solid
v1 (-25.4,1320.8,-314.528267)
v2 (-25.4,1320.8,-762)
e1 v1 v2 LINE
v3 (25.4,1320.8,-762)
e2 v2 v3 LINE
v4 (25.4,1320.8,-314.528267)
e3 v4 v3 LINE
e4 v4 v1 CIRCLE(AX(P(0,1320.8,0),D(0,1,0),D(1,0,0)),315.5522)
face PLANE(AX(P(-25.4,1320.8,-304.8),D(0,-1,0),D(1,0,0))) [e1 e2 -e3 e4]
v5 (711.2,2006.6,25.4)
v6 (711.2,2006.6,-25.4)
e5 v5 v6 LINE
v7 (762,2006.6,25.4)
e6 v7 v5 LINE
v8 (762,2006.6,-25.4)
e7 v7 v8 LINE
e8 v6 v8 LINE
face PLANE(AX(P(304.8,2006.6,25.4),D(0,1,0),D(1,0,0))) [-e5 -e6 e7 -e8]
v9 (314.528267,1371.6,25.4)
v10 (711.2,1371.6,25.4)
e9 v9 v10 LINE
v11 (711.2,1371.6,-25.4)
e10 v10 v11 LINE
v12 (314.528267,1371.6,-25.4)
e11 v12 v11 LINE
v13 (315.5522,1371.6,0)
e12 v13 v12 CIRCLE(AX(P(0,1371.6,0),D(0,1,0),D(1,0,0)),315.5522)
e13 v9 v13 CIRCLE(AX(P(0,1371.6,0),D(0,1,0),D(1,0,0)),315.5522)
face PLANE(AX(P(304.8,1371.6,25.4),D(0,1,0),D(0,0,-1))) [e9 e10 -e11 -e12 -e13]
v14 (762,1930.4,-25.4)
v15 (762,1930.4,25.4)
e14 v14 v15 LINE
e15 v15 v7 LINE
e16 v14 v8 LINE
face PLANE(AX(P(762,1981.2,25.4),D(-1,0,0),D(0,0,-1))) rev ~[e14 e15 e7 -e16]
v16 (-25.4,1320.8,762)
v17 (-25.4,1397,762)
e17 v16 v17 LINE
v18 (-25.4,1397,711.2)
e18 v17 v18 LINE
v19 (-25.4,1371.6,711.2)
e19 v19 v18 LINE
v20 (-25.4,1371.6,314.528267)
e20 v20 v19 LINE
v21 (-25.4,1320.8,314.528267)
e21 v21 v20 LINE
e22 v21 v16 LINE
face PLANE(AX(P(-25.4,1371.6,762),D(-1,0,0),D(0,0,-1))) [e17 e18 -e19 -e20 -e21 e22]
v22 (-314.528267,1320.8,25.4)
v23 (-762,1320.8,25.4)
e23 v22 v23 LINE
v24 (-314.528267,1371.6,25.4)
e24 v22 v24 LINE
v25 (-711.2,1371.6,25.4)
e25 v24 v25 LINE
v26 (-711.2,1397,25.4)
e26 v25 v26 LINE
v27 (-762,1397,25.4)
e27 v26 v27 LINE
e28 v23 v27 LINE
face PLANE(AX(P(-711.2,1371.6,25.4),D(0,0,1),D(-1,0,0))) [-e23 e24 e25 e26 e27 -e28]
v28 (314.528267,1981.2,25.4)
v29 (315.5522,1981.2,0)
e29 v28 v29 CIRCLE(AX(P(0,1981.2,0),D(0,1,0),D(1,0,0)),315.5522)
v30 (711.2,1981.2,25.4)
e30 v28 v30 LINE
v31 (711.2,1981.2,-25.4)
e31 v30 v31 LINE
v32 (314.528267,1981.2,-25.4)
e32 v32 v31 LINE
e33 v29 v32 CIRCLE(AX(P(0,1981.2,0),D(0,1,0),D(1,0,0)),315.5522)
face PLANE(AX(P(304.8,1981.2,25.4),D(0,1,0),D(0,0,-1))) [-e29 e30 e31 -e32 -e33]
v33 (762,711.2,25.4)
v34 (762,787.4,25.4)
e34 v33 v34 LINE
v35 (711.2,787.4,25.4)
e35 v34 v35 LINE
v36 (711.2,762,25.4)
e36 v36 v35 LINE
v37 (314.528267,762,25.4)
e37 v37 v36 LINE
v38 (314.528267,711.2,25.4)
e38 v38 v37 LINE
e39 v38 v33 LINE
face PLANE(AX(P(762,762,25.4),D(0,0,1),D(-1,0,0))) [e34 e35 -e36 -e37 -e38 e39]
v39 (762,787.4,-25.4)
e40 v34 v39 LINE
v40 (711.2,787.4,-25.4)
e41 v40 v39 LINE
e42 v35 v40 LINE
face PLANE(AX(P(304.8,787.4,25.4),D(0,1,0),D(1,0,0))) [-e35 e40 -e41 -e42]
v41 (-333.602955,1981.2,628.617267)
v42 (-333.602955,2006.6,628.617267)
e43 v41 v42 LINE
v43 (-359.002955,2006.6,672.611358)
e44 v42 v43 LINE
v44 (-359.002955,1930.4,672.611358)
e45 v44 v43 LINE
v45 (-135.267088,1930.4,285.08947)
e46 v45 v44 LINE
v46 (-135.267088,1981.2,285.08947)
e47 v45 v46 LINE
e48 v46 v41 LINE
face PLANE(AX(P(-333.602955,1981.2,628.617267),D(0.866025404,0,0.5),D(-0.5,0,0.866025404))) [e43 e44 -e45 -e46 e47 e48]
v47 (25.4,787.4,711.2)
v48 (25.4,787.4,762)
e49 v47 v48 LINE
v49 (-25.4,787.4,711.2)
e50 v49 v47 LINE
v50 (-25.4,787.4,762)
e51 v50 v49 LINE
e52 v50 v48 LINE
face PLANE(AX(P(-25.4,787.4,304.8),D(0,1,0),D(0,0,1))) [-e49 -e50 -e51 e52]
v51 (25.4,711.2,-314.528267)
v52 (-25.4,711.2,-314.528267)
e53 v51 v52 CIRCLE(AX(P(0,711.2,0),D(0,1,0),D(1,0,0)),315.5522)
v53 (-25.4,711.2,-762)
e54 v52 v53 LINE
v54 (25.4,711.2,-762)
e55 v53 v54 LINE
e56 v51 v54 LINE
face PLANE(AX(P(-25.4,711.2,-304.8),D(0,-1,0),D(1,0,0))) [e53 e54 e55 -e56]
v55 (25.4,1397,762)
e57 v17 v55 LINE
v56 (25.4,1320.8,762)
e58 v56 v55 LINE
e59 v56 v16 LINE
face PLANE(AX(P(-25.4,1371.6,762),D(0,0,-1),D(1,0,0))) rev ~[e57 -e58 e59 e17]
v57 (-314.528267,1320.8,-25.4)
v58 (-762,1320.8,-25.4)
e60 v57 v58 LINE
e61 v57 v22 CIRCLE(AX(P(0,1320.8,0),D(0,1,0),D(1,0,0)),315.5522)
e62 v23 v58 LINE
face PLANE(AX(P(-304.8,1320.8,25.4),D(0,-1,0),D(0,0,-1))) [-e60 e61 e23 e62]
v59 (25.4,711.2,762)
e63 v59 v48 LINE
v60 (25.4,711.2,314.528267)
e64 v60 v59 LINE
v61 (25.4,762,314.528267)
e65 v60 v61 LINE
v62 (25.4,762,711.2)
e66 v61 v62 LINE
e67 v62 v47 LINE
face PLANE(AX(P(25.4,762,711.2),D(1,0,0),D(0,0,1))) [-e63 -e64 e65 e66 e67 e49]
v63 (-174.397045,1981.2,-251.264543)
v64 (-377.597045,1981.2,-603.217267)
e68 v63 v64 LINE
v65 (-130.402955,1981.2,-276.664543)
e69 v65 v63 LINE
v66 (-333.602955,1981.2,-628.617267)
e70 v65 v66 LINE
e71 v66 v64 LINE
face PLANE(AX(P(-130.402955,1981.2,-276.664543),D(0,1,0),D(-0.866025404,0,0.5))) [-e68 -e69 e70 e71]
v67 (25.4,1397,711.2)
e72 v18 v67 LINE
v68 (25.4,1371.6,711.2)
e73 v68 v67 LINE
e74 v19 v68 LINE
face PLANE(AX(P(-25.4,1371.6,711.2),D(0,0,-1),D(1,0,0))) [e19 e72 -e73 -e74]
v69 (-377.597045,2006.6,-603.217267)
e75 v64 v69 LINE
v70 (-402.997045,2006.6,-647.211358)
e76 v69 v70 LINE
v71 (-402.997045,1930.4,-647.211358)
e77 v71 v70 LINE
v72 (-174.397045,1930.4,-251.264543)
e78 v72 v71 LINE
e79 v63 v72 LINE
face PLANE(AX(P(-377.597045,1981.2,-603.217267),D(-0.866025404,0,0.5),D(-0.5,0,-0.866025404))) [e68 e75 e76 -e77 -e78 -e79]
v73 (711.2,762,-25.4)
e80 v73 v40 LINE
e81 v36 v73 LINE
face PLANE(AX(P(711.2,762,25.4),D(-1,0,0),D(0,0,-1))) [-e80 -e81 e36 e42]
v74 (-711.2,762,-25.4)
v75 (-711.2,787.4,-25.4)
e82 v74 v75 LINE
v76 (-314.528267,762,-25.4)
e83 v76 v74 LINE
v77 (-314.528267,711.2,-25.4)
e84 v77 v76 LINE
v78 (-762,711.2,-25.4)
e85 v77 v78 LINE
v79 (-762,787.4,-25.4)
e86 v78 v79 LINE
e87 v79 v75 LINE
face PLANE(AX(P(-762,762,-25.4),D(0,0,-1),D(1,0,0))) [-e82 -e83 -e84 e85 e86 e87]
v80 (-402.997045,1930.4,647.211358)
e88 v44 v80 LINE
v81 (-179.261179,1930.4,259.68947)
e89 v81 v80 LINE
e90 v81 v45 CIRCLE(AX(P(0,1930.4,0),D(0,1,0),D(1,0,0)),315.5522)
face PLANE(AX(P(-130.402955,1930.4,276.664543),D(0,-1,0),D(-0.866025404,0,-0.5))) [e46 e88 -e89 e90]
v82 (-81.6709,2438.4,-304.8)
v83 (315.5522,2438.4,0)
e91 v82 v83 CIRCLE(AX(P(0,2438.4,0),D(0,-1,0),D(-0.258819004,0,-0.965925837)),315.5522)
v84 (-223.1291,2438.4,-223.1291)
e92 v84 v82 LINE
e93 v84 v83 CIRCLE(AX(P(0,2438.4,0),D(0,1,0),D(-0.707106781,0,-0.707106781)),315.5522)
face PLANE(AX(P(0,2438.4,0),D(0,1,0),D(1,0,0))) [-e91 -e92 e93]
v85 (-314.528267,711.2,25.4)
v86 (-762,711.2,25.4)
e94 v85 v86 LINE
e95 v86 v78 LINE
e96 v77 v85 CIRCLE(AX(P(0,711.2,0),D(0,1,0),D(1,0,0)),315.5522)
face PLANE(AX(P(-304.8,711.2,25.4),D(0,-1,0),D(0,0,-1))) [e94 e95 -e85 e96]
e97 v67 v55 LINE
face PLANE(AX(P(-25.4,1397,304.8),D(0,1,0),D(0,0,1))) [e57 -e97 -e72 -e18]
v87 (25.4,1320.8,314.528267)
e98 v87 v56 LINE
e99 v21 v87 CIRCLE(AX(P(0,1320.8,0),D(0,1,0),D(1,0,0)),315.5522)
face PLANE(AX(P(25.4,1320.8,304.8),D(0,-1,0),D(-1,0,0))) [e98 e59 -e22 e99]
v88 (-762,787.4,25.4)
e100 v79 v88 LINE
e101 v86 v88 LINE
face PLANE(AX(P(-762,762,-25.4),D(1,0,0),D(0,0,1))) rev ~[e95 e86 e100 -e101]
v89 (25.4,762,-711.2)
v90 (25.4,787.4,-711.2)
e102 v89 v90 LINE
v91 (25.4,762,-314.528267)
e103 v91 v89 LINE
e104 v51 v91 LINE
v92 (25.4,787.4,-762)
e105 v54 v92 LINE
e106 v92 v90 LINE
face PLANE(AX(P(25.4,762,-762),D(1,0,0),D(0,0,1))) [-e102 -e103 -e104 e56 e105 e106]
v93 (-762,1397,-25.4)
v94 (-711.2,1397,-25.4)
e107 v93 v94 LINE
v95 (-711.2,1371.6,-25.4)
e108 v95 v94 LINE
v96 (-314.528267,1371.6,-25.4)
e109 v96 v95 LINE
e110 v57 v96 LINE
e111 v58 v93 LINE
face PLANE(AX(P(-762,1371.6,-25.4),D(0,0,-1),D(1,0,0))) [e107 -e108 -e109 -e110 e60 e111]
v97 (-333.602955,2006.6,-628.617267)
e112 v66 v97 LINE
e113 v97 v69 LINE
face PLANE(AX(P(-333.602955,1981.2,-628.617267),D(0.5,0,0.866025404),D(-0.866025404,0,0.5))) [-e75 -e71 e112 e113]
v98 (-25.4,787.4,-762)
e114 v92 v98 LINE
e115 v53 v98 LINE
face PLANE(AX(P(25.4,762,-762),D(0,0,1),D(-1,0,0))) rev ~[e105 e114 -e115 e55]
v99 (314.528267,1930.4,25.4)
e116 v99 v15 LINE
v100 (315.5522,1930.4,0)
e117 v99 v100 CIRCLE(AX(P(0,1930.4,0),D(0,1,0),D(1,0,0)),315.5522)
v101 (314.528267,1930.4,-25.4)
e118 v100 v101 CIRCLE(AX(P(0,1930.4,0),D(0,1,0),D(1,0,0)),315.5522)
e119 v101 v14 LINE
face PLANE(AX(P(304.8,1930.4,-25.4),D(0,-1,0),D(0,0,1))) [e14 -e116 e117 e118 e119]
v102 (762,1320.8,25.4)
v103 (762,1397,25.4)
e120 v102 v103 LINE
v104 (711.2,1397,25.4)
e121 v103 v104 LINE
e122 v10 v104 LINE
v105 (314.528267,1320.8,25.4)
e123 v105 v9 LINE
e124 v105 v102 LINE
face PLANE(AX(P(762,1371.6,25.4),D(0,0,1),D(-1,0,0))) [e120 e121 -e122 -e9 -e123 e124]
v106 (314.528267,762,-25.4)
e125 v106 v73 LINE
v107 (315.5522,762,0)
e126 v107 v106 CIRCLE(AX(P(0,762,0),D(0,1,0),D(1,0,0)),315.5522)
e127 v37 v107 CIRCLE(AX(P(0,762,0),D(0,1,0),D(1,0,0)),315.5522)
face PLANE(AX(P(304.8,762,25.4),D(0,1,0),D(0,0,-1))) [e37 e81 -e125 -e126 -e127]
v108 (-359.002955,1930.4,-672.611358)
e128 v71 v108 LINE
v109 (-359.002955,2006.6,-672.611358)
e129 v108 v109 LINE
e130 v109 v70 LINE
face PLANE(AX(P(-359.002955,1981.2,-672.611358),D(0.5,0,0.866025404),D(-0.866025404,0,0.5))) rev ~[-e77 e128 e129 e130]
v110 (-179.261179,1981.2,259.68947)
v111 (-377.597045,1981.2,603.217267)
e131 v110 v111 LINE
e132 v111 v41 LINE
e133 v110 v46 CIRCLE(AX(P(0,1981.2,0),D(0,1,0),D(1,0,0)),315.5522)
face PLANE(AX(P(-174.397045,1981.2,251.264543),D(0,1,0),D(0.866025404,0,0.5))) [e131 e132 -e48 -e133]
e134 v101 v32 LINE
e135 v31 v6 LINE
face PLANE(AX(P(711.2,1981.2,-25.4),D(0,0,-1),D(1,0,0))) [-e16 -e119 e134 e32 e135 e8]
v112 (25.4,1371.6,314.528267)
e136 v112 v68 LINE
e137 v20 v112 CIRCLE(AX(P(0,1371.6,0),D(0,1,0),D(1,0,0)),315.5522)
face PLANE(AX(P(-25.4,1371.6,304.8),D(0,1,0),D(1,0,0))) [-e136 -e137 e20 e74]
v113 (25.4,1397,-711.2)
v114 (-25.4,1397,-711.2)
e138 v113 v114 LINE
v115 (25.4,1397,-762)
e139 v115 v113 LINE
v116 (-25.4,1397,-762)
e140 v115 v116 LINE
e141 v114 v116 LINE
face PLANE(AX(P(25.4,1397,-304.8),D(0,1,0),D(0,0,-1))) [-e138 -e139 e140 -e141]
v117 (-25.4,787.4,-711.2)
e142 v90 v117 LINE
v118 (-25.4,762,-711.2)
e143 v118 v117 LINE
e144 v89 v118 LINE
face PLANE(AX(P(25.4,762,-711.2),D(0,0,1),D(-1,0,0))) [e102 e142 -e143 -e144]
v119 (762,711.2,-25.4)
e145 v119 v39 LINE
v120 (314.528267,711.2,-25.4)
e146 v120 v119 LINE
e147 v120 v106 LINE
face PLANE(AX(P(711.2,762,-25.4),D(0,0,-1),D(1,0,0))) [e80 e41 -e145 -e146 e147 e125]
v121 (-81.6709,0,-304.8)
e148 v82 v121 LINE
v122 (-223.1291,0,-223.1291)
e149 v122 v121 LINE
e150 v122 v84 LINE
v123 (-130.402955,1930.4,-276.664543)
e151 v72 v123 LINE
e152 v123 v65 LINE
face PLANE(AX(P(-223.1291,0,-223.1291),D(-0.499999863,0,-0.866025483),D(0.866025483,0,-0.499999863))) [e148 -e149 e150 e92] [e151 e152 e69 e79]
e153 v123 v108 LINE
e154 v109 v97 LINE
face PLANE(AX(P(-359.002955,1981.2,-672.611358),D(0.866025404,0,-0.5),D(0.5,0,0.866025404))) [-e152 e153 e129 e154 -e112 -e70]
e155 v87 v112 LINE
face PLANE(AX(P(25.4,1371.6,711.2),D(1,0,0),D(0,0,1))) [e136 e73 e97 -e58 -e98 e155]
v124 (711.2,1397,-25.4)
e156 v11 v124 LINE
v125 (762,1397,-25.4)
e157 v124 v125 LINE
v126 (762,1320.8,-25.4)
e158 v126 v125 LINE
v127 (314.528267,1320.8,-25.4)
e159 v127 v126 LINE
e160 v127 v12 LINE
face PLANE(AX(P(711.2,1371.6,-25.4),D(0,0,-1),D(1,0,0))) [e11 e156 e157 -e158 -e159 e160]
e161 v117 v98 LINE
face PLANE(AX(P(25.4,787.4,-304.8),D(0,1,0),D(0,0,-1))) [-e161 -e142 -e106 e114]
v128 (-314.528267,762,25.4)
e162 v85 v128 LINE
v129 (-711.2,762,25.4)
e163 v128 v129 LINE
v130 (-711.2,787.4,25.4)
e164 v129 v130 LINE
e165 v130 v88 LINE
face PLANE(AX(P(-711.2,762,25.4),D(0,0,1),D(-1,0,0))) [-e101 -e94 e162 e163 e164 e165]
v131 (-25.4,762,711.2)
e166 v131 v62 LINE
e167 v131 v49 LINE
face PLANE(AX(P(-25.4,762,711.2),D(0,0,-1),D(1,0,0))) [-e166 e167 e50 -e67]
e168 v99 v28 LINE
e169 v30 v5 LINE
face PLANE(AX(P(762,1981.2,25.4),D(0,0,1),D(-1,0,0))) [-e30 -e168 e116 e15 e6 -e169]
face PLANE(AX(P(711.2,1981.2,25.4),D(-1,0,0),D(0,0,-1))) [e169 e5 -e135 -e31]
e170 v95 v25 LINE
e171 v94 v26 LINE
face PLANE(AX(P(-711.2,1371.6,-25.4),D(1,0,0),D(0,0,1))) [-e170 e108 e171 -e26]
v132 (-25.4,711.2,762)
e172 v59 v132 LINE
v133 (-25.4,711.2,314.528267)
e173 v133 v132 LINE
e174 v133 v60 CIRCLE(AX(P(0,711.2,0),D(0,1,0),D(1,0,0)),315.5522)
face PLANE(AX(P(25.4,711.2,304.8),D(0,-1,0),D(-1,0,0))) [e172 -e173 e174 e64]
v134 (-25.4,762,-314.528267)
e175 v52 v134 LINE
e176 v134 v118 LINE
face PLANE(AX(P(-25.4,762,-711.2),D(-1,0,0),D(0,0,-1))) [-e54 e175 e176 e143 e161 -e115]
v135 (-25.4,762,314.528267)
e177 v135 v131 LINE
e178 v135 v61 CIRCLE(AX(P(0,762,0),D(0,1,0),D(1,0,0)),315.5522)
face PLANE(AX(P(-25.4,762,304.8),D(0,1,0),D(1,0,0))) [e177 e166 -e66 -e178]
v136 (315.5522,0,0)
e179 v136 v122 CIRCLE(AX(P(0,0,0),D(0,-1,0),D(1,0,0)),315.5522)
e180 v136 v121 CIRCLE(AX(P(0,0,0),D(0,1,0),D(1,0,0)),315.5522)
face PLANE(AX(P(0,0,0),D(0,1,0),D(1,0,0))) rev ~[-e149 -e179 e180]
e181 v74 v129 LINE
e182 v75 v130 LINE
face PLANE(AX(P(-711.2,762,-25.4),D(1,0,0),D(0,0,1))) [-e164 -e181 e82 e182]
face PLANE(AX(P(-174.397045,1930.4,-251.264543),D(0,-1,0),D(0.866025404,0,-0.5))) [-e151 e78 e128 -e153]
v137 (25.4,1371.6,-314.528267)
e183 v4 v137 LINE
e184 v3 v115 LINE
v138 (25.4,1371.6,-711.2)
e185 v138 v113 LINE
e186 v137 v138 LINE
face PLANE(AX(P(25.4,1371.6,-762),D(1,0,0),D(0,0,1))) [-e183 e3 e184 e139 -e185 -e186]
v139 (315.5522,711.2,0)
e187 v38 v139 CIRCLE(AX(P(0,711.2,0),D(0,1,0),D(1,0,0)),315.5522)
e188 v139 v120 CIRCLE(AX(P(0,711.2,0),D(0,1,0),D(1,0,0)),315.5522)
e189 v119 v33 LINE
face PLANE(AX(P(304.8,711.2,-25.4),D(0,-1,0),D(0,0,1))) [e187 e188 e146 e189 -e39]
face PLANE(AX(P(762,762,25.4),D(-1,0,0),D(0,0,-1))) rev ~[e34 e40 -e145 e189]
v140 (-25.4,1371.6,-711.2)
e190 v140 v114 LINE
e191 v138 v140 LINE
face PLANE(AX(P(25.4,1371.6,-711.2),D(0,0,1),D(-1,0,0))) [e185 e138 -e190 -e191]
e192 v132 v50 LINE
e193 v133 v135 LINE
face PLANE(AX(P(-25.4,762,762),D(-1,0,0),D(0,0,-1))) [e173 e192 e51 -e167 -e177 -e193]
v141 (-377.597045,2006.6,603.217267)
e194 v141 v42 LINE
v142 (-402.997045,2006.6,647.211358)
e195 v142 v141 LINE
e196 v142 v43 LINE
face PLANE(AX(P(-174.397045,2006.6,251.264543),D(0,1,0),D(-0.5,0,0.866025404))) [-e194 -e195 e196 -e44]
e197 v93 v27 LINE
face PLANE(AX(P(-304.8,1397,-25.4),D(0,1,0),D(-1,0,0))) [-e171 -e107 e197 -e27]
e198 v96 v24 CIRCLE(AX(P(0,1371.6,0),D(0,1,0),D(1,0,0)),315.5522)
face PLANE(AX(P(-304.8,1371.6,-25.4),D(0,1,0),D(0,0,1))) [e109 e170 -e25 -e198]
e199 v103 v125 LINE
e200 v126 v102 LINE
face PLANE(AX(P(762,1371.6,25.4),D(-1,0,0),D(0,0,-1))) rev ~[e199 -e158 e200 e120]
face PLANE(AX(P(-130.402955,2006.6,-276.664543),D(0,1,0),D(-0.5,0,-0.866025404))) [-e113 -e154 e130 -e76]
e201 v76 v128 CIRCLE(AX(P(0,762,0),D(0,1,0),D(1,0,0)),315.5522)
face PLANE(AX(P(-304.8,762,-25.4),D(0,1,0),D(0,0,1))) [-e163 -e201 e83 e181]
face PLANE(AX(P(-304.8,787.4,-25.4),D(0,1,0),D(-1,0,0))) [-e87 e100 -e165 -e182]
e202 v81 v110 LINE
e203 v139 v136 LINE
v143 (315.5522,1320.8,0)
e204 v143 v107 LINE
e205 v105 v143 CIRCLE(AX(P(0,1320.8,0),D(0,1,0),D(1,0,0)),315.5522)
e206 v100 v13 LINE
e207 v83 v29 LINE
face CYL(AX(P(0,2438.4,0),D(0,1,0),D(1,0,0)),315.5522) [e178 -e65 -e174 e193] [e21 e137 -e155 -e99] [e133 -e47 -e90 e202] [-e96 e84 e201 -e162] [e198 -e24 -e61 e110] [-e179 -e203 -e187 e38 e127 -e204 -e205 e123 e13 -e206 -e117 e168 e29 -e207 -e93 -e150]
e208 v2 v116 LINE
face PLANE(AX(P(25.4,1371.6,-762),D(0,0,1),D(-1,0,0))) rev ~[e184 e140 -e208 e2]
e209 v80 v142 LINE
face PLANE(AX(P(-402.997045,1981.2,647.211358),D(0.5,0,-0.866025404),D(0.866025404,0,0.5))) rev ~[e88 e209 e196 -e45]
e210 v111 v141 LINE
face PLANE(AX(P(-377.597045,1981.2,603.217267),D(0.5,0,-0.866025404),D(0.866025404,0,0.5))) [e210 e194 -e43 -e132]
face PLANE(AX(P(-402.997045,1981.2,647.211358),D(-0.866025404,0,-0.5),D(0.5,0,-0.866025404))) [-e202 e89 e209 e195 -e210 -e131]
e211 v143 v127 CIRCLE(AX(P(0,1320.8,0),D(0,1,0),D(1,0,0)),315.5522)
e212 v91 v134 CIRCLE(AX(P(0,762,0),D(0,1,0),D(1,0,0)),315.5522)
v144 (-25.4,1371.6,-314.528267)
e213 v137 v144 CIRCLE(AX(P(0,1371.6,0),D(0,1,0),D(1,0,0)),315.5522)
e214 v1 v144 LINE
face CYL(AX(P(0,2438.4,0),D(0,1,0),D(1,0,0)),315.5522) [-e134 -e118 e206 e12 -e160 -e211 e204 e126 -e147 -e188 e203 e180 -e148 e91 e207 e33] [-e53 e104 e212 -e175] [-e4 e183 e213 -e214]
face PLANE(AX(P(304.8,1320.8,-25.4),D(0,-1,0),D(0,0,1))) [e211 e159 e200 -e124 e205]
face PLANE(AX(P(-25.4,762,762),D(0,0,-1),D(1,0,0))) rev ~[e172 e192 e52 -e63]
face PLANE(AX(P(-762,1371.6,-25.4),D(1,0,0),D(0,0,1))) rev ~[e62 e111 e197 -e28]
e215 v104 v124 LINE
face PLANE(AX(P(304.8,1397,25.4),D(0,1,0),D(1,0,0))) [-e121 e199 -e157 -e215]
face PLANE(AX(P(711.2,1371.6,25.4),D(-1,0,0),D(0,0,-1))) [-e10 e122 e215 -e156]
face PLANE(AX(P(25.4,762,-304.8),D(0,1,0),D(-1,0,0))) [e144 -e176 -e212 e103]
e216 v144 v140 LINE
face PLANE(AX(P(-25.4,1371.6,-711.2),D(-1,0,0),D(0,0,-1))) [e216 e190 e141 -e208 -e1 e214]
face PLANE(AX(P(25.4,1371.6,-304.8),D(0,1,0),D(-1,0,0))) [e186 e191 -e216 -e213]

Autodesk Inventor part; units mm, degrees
ref_plane "YZ Plane" through (0, 0, 0) normal (1, 0, 0) x (0, 1, 0)
ref_plane "XZ Plane" through (0, 0, 0) normal (0, 1, 0) x (-1, 0, 0)
ref_plane "XY Plane" through (0, 0, 0) normal (0, 0, 1) x (1, 0, 0)
sketch "Sketch1" plane through (0, 0, 0) normal (0, 1, 0) x (-1, 0, 0)
  line L0 (223.1291, -223.1291) -> (81.6709, -304.8)
  line L1 (81.6709, -304.8) -> (-81.6709, -304.8)
  line L2 (-81.6709, -304.8) -> (-223.1291, -223.1291)
  line L3 (-223.1291, -223.1291) -> (-304.8, -81.6709)
  line L4 (-304.8, -81.6709) -> (-304.8, 81.6709)
  line L5 (-304.8, 81.6709) -> (-223.1291, 223.1291)
  line L6 (-223.1291, 223.1291) -> (-81.6709, 304.8)
  line L7 (-81.6709, 304.8) -> (81.6709, 304.8)
  line L8 (81.6709, 304.8) -> (223.1291, 223.1291)
  line L9 (223.1291, 223.1291) -> (304.8, 81.6709)
  line L10 (304.8, 81.6709) -> (304.8, -81.6709)
  line L11 (304.8, -81.6709) -> (223.1291, -223.1291)
  point P0 (0, 0)
  point P1 (0, 0)
  dimension "d4" = 609.6
extrude "Extrusion1" add sketch "Sketch1" along normal blind 2438.4
sketch "Sketch2" plane through (304.8, 0, 81.6709) normal (1, 0, 0) x (0, 0, -1)
  line L0 (56.2709, 1981.2) -> (107.0709, 1981.2)
  line L1 (107.0709, 1981.2) -> (107.0709, 1930.4)
  line L2 (107.0709, 1930.4) -> (56.2709, 1930.4)
  line L3 (56.2709, 1930.4) -> (56.2709, 1981.2)
  line L4 (0, 2438.4) -> (163.3418, 2438.4) projected
  line L5 (163.3418, 2438.4) -> (0, 2438.4) projected
  line L6 (81.6709, 2438.4) -> (81.6709, 0) construction
  dimension "d5" = 457.2
  dimension "d6" = 50.8
extrude "Extrusion2" add sketch "Sketch2" along normal blind 457.2
sketch "Sketch3" plane through (304.8, 1981.2, 25.4) normal (0, 1, 0) x (1, 0, 0)
  line L0 (457.2, 0) -> (457.2, 50.8) projected
  line L1 (457.2, 0) -> (406.4, 0)
  line L2 (406.4, 0) -> (406.4, 50.8)
  line L3 (406.4, 50.8) -> (457.2, 50.8)
  line L4 (457.2, 50.8) -> (457.2, 0)
  point P0 (-304.8, 25.4)
extrude "Extrusion3" add sketch "Sketch3" along normal blind 25.4
pattern_linear "Rectangular Pattern1" count 3 spacing 609.6 along (0, -1, 0) of "Extrusion3", "Extrusion2"
pattern_circular "Circular Pattern1" count 3 over 360 about axis through (0, 2438.4, 0) along (0, 1, 0) of "Extrusion2", "Extrusion3"
pattern_circular "Circular Pattern2" count 4 over 360 about axis through (0, 2438.4, 0) along (0, 1, 0) of "Extrusion3", "Extrusion2", "Rectangular Pattern1"
sketch "Sketch4" plane through (0, 2438.4, 0) normal (0, 1, 0) x (1, 0, 0)
  line L0 (81.6709, 304.8) -> (-81.6709, 304.8)
  line L1 (-81.6709, 304.8) -> (-81.6709, 762)
  line L2 (-81.6709, 762) -> (81.6709, 762)
  line L3 (81.6709, 762) -> (81.6709, 304.8)
  line L4 (25.4, 762) -> (-25.4, 762) projected
  point P0 (0, 0)
extrude "Extrusion4" cut sketch "Sketch4" against normal blind 508
pattern_circular "Circular Pattern3" count 3 over 180 about axis through (0, 2438.4, 0) along (0, 1, 0) of "Extrusion4"
sketch "Sketch5" plane through (0, 2438.4, 0) normal (0, 1, 0) x (1, 0, 0)
  line L0 (-81.6709, 304.8) -> (-223.1291, 223.1291) projected
  circle A0 centre (0, 0) radius 315.5522
extrude "Extrusion5" add sketch "Sketch5" against normal blind 2438.4 contours A0 L0 picked at (-138.223, 29.6465)
properties part number "Central Coral"
